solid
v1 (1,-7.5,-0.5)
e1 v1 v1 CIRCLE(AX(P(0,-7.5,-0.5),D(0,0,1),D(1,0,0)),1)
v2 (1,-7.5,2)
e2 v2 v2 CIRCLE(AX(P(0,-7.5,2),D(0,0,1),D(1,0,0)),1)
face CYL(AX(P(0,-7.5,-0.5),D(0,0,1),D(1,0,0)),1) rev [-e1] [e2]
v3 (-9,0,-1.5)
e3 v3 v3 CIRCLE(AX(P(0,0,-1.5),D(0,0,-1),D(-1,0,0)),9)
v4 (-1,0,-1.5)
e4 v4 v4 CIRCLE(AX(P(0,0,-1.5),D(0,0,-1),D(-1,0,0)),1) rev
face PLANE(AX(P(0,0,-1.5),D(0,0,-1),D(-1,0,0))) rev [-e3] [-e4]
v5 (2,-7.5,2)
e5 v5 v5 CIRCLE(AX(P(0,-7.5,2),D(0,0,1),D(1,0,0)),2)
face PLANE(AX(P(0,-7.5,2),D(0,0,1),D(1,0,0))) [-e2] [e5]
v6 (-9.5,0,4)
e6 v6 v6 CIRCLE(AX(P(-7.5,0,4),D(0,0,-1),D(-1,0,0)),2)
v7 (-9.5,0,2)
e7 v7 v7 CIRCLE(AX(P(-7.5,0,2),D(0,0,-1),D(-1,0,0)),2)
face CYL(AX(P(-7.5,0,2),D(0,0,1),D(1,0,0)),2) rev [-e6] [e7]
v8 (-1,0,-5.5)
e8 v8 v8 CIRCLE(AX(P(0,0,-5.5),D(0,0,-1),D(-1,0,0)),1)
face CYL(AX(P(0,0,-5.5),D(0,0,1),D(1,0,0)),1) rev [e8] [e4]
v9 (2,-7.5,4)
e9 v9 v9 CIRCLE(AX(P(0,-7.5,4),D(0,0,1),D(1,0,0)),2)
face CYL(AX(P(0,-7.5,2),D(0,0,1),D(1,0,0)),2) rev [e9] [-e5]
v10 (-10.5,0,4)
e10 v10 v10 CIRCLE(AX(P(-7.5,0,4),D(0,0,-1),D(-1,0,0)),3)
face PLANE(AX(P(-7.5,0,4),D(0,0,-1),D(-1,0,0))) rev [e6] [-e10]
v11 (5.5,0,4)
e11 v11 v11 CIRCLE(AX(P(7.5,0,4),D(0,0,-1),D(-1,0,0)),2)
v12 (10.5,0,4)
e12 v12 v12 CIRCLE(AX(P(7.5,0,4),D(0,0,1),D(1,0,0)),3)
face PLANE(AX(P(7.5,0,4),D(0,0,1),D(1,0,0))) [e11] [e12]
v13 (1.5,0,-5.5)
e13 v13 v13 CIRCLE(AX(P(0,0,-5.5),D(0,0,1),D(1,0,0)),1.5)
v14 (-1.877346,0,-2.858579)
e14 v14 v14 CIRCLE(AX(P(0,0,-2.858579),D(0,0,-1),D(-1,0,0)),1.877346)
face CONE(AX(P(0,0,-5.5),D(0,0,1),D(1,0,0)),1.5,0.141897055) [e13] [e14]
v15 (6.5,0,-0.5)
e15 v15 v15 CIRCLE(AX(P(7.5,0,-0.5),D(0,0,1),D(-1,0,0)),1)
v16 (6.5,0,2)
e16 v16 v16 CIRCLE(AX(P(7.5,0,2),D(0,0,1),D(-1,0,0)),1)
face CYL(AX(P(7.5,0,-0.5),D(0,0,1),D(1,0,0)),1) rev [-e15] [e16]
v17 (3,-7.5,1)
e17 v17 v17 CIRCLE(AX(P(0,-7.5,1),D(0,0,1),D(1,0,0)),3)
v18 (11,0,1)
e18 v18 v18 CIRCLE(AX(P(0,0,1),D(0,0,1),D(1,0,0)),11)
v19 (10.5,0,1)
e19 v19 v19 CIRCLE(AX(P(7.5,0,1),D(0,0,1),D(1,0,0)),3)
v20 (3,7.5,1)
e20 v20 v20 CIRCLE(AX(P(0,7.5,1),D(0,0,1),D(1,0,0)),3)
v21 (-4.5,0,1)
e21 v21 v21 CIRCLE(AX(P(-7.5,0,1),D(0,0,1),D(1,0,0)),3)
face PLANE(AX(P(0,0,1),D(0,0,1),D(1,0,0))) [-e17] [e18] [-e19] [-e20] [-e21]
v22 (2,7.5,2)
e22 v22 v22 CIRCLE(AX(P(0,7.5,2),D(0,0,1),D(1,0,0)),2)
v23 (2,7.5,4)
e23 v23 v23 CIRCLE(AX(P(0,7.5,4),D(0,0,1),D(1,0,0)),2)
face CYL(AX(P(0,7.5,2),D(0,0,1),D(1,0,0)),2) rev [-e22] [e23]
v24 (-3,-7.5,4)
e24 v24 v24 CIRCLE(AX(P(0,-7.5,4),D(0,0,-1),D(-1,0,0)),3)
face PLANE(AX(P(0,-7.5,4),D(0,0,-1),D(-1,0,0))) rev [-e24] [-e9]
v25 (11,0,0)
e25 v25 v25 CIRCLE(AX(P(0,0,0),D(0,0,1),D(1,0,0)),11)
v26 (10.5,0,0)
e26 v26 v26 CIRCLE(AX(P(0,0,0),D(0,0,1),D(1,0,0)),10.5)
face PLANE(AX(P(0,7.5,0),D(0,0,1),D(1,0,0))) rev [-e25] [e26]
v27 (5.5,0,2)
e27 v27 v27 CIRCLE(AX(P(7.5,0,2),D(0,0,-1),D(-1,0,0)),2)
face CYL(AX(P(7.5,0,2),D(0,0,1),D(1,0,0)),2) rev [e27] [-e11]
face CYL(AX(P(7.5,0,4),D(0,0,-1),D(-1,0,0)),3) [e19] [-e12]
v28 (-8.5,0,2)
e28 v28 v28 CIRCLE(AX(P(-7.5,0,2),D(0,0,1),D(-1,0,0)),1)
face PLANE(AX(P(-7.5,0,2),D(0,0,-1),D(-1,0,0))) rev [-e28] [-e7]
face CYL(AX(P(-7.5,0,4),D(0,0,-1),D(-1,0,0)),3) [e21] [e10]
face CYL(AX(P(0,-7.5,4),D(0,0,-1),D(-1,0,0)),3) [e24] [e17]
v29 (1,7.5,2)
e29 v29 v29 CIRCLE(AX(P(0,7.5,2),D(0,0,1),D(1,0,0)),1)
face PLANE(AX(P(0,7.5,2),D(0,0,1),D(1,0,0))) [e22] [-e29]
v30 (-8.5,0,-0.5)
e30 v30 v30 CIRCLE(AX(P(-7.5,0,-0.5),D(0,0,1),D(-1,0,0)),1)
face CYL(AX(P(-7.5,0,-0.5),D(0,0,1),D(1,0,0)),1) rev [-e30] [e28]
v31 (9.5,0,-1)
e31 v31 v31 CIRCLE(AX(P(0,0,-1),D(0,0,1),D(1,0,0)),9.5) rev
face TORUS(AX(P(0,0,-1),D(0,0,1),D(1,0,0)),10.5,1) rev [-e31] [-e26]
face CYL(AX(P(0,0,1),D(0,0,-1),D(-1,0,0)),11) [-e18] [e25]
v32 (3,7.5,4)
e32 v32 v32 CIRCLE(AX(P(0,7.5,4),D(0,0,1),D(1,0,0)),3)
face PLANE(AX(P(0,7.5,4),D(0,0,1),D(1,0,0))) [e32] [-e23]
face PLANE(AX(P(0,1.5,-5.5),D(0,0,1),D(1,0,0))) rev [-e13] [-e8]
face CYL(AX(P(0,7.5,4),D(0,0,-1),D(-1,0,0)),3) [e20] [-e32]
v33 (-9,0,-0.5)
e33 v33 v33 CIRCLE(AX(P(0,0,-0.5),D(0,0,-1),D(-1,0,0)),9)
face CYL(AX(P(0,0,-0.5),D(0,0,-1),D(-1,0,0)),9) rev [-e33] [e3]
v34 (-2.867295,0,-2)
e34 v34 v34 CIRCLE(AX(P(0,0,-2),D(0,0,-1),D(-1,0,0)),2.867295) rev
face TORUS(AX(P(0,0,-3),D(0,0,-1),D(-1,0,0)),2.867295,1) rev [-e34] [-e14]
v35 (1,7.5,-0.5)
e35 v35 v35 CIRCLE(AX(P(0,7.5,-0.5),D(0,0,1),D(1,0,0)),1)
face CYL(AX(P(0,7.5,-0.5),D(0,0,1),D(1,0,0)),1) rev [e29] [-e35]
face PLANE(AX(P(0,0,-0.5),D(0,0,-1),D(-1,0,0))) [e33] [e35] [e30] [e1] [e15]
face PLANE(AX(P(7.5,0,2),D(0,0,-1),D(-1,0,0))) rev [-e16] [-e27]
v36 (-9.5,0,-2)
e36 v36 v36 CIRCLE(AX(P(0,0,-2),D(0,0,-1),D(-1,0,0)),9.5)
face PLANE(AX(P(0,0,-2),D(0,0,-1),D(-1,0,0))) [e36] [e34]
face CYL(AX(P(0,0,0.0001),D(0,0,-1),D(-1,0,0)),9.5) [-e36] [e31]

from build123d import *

# Parameters (mm, degrees)
SKETCH1_R                 = 3
BOSS_EXTRUDE3_DEPTH       = 4
BOSS_EXTRUDE3_2_DEPTH     = 4
BOSS_EXTRUDE3_3_DEPTH     = 4
BOSS_EXTRUDE3_4_DEPTH     = 4
SKETCH1_6_R               = 11
SKETCH1_6_R_2             = 3
BOSS_EXTRUDE9_DEPTH       = 1
SKETCH5_R                 = 2
CUT_EXTRUDE5_DEPTH        = 2
BOSS_EXTRUDE17_DEPTH      = 2
BOSS_EXTRUDE17_DEPTH_BACK = 0.0001
SKETCH9_R                 = 9.5
CUT_EXTRUDE11_START       = -0.5
SKETCH24_R                = 9
CUT_EXTRUDE11_DEPTH       = 1
FILLET10_R                = 1
SKETCH11_R                = 1
CUT_EXTRUDE13_DEPTH       = 2.5
CUT_EXTRUDE14_START       = -1
SKETCH26_R                = 1
CUT_EXTRUDE14_DEPTH       = 18.673332001
FILLET11_R                = 1


with BuildPart() as part:
    # Sketch1 → Boss-Extrude3 (new body)
    with BuildSketch(Plane.XY):
        with Locations((0, 7.5)):
            Circle(SKETCH1_R)
    extrude(amount=BOSS_EXTRUDE3_DEPTH)



with BuildPart() as body_2:
    # Sketch1 → Boss-Extrude3 2 (new body)
    with BuildSketch(Plane.XY):
        with Locations((0, -7.5)):
            Circle(SKETCH1_R)
    extrude(amount=BOSS_EXTRUDE3_2_DEPTH)


with BuildPart() as body_3:
    # Sketch1 → Boss-Extrude3 3 (new body)
    with BuildSketch(Plane.XY):
        with Locations((-7.5, 0)):
            Circle(SKETCH1_R)
    extrude(amount=BOSS_EXTRUDE3_3_DEPTH)


with BuildPart() as body_4:
    # Sketch1 → Boss-Extrude3 4 (new body)
    with BuildSketch(Plane.XY):
        with Locations((7.5, 0)):
            Circle(SKETCH1_R)
    extrude(amount=BOSS_EXTRUDE3_4_DEPTH)


with BuildPart() as part_1:
    add(part.part)

    add(body_2.part)  # Boss-Extrude9 merges body 2

    add(body_3.part)  # Boss-Extrude9 merges body 3

    add(body_4.part)  # Boss-Extrude9 merges body 4
    # Sketch1<6> → Boss-Extrude9 (add)
    with BuildSketch(Plane.XY):
        Circle(SKETCH1_6_R)
        with Locations((0, 7.5)):
            Circle(SKETCH1_6_R_2, mode=Mode.SUBTRACT)
        with Locations((-7.5, 0)):
            Circle(SKETCH1_6_R_2, mode=Mode.SUBTRACT)
        with Locations((0, -7.5)):
            Circle(SKETCH1_6_R_2, mode=Mode.SUBTRACT)
        with Locations((7.5, 0)):
            Circle(SKETCH1_6_R_2, mode=Mode.SUBTRACT)
    extrude(amount=BOSS_EXTRUDE9_DEPTH)

    # Sketch5 → Cut-Extrude5 (cut)
    with BuildSketch(Plane.XY.offset(4)):
        with Locations((0, 7.5)):
            Circle(SKETCH5_R)
        with Locations((7.5, 0)):
            Circle(SKETCH5_R)
        with Locations((0, -7.5)):
            Circle(SKETCH5_R)
        with Locations((-7.5, 0)):
            Circle(SKETCH5_R)
    extrude(amount=-CUT_EXTRUDE5_DEPTH, mode=Mode.SUBTRACT)

    # Sketch9 → Boss-Extrude17 (add, two sides: drawn at the far end of the back side and taken through both)
    with BuildSketch(Plane(origin=(0, 0, 0), x_dir=(-1, 0, 0), z_dir=(0, 0, -1)).offset(-BOSS_EXTRUDE17_DEPTH_BACK)):
        Circle(SKETCH9_R)
    extrude(amount=BOSS_EXTRUDE17_DEPTH + BOSS_EXTRUDE17_DEPTH_BACK)

    # Sketch24 → Cut-Extrude11 (cut)
    with BuildSketch(Plane(origin=(0, 0, -2), x_dir=(-1, 0, 0), z_dir=(0, 0, -1)).offset(CUT_EXTRUDE11_START)):
        Circle(SKETCH24_R)
    extrude(amount=-CUT_EXTRUDE11_DEPTH, mode=Mode.SUBTRACT)

    # Fillet10
    fillet10_edges = [part_1.edges().sort_by_distance(p)[0] for p in [
        (9.5, 0, 0),
    ]]
    fillet(fillet10_edges, radius=FILLET10_R)

    # Sketch11 → Cut-Extrude13 (cut)
    with BuildSketch(Plane.XY.offset(2)):
        with Locations((0, 7.5)):
            Circle(SKETCH11_R)
        with Locations((-7.5, 0)):
            Circle(SKETCH11_R)
        with Locations((0, -7.5)):
            Circle(SKETCH11_R)
        with Locations((7.5, 0)):
            Circle(SKETCH11_R)
    extrude(amount=-CUT_EXTRUDE13_DEPTH, mode=Mode.SUBTRACT)

    # Sketch29 → Revolve3 (revolve)
    with BuildSketch(Plane(origin=(0, 0, 0), x_dir=(0, 0, -1), z_dir=(1, 0, 0))):
        Polygon((2, 0), (2, 2), (5.5, 1.5), (5.5, 0), align=None)
    revolve(axis=Axis((0, 0, -2), (0, 0, -1)))

    # Sketch26 → Cut-Extrude14 (cut, through all)
    with BuildSketch(Plane(origin=(0, 0, -2), x_dir=(-1, 0, 0), z_dir=(0, 0, -1)).offset(CUT_EXTRUDE14_START)):
        Circle(SKETCH26_R)
    extrude(amount=CUT_EXTRUDE14_DEPTH, mode=Mode.SUBTRACT)

    # Fillet11
    fillet11_edges = [part_1.edges().sort_by_distance(p)[0] for p in [
        (0, -2, -2),
    ]]
    fillet(fillet11_edges, radius=FILLET11_R)


solid = part_1.part
